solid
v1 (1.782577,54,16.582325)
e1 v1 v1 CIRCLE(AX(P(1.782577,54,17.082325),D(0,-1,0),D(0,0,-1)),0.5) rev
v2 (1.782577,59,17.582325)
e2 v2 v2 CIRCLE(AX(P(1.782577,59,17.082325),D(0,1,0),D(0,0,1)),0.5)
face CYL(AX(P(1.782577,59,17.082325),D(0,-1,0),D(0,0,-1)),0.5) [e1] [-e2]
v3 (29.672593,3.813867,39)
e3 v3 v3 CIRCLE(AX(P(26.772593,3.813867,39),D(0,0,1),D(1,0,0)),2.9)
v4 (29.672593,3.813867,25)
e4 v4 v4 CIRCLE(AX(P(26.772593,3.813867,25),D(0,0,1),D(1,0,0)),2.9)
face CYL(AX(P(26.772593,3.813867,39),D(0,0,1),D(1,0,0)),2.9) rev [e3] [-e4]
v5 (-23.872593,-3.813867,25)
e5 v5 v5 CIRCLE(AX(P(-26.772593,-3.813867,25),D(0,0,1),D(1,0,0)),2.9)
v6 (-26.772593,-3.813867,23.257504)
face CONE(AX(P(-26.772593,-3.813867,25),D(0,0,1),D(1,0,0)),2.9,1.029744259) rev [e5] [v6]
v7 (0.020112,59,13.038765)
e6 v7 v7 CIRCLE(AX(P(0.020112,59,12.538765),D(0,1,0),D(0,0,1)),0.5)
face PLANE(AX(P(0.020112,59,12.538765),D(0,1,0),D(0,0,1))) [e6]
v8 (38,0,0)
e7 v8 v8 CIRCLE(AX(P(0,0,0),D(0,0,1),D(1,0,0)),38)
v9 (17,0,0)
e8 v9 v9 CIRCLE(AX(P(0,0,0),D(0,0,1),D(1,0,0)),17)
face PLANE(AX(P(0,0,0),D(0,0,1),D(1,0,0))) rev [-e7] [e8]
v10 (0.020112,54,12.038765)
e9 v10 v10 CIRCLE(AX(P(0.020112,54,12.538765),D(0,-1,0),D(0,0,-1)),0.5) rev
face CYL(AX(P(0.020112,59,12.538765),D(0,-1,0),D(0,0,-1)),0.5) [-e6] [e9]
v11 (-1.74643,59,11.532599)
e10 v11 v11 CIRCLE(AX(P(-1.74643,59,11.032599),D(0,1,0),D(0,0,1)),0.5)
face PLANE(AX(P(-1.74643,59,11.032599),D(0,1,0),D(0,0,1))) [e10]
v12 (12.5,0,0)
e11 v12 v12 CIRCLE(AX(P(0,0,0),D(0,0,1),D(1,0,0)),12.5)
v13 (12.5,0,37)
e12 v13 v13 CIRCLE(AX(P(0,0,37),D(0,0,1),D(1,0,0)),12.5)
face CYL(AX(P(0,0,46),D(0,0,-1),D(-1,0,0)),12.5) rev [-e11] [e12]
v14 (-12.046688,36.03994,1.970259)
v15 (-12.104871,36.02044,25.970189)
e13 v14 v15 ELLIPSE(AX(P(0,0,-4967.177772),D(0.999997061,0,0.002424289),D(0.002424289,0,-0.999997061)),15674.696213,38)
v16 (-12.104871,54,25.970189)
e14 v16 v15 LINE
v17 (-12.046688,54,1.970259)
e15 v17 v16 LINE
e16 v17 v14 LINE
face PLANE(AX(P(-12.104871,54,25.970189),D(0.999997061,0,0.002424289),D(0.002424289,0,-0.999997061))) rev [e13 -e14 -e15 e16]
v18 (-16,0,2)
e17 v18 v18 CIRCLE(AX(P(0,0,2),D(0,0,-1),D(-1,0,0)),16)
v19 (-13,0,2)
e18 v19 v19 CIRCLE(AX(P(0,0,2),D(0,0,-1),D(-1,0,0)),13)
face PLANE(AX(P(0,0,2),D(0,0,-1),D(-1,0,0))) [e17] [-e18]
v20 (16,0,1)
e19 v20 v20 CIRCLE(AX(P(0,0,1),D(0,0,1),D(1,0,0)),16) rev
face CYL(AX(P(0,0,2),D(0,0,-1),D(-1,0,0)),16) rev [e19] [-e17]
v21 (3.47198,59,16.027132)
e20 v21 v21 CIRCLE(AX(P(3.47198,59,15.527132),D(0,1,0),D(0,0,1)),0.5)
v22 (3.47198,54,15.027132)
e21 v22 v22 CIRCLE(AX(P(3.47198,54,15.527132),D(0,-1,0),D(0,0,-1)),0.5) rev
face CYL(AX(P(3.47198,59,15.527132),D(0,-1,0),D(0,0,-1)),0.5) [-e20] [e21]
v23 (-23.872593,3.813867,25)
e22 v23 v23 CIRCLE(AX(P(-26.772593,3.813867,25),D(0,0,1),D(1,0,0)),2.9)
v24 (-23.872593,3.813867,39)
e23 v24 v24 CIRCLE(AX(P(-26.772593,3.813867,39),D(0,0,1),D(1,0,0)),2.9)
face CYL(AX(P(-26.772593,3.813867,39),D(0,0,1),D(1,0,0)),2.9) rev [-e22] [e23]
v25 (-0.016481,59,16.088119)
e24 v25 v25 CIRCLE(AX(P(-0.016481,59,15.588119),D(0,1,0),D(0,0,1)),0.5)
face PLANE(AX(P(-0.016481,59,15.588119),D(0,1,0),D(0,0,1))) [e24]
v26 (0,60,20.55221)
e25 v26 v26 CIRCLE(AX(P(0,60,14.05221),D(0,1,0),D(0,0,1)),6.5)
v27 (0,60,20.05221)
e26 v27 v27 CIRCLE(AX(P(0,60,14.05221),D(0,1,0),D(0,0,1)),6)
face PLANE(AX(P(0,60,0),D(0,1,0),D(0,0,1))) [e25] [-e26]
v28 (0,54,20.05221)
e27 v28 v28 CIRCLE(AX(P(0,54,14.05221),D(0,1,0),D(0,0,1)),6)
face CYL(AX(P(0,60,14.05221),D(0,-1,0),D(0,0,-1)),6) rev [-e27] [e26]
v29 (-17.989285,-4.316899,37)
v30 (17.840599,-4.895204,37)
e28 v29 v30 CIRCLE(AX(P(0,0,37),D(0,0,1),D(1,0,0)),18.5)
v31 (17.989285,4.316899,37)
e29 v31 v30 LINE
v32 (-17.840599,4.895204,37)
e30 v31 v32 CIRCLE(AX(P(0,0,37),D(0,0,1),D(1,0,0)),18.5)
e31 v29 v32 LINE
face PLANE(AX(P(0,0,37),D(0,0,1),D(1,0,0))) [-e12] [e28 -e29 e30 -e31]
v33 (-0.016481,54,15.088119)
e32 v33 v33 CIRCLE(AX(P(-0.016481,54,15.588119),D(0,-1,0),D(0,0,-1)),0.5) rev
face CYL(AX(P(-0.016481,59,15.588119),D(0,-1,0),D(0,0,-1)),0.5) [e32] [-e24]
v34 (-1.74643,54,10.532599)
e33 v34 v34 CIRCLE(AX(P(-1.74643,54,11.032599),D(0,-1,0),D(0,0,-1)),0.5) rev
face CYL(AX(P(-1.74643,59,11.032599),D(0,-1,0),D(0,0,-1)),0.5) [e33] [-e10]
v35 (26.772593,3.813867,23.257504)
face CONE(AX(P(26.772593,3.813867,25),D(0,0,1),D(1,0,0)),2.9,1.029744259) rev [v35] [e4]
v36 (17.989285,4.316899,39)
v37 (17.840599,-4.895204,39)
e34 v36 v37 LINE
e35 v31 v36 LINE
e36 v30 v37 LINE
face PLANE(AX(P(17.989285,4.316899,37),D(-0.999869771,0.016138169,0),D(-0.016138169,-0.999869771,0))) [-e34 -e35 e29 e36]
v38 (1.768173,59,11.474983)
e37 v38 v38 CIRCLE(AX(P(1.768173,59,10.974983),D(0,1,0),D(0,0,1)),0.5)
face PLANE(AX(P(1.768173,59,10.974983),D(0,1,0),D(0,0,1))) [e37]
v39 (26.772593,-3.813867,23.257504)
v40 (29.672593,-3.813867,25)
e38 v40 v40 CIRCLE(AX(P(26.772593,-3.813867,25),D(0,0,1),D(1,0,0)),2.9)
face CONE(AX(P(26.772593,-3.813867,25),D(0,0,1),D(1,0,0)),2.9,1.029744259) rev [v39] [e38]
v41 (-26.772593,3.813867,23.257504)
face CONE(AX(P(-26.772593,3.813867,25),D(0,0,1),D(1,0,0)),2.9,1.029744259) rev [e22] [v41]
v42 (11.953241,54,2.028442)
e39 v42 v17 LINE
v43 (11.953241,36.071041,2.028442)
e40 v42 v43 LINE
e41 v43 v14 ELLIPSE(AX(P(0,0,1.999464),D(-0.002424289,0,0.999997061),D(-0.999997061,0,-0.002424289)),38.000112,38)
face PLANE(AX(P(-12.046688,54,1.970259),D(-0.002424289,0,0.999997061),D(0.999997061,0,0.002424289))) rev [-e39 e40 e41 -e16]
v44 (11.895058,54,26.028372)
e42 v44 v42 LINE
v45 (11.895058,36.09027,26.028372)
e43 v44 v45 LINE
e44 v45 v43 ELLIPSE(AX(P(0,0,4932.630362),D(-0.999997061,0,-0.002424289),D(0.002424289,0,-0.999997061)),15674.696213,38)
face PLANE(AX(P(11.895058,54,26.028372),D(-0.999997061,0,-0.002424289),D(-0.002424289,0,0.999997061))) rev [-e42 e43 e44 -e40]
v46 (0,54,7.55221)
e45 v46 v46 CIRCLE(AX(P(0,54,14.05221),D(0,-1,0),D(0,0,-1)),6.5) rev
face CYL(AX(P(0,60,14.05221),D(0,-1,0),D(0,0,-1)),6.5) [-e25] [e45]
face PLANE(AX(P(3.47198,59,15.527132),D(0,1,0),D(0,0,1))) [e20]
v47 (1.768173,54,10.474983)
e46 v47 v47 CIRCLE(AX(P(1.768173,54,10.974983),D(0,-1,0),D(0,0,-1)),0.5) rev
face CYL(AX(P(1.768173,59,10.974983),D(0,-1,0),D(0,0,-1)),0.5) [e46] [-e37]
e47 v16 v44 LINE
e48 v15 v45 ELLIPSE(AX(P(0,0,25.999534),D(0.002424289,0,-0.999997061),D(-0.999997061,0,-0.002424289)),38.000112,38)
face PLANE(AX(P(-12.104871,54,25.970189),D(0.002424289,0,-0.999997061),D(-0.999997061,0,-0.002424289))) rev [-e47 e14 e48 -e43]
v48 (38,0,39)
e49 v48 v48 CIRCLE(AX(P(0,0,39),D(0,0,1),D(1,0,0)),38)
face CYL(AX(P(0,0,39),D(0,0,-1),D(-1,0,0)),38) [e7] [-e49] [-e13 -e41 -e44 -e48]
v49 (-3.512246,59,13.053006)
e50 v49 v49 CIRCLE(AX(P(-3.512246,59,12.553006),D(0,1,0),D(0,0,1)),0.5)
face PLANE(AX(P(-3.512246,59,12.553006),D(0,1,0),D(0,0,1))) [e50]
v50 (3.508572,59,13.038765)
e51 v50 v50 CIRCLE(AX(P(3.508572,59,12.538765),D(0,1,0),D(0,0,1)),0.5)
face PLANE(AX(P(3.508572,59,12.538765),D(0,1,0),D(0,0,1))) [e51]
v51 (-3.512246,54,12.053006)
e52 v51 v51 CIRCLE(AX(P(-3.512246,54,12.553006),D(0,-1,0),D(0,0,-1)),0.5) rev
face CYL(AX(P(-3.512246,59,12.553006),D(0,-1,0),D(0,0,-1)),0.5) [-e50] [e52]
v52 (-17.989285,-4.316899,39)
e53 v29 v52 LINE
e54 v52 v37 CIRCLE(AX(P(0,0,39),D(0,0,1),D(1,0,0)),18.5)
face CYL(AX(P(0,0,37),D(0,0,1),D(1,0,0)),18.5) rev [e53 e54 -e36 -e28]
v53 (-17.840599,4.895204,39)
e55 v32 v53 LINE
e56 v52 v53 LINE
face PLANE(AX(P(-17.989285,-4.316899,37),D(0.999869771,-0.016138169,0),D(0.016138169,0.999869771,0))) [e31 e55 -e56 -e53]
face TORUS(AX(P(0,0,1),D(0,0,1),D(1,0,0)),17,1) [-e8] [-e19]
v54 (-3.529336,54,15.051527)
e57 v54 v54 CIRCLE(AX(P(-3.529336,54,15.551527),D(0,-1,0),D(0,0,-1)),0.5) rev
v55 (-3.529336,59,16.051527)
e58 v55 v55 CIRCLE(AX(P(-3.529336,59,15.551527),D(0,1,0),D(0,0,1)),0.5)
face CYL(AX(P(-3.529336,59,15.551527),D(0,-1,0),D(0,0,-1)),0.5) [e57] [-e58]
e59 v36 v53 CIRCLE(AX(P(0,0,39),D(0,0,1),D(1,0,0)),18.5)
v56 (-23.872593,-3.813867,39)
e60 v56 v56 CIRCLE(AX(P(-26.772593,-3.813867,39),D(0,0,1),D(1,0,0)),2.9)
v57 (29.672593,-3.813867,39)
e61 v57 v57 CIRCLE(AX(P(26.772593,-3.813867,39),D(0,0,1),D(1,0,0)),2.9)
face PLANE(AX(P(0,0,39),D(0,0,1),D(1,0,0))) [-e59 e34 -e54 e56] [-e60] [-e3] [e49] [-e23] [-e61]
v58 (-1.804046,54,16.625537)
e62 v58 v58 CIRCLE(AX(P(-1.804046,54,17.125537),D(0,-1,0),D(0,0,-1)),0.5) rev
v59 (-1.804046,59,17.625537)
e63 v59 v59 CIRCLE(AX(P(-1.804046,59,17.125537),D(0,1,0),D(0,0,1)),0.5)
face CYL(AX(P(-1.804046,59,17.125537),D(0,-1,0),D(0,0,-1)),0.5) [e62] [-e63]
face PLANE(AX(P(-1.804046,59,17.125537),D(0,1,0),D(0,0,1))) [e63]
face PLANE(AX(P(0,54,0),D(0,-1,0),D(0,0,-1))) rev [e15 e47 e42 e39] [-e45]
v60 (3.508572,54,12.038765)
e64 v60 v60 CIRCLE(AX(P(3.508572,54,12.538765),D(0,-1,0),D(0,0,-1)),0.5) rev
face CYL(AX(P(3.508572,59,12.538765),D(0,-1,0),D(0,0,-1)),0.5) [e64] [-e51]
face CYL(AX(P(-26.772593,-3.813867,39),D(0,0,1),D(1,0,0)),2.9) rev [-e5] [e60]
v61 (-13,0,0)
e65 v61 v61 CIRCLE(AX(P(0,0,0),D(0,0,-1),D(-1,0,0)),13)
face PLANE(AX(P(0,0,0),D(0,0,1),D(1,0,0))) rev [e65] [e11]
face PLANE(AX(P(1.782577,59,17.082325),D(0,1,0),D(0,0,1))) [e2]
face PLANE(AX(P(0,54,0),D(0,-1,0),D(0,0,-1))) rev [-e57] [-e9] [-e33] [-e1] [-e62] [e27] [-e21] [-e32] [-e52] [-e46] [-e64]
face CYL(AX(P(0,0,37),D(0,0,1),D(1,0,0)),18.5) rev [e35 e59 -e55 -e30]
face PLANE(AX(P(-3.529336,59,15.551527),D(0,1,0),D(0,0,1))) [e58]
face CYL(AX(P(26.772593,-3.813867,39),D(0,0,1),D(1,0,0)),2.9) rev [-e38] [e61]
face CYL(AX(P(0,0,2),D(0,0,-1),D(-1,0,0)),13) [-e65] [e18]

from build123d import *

# Parameters (mm, degrees)
SKETCH_1_R            = 38
EXTRUDE_1_DEPTH       = 39
SKETCH_3_R            = 17.5
EXTRUDE_2_DEPTH       = 7
SKETCH_5_R            = 12
CUT_EXTRUDE_2_DEPTH   = 46
CHAMFER_2_SIZE        = 1
CHAMFER_2_SIZE2       = 0.577350269
SKETCH_6_R            = 12.5
SKETCH_6_R_2          = 12
EXTRUDE_4_DEPTH       = 1
SKETCH_7_R            = 16
SKETCH_7_R_2          = 13
CUT_EXTRUDE_5_DEPTH   = 2
FILLET_5_R            = 1
CUT_EXTRUDE_12_DEPTH  = 2
EXTRUDE_START         = 30
EXTRUDE_7_DEPTH       = 24
SKETCH_16_R           = 6.5
SKETCH_16_R_2         = 6
EXTRUDE_9_DEPTH       = 6
SKETCH_17_R           = 0.5
EXTRUDE_10_DEPTH      = 5
SKETCH_18_R           = 12.5
CUT_EXTRUDE_13_DEPTH  = 86.164546614
SKETCH_19_R           = 17.5
CUT_EXTRUDE_14_DEPTH  = 7
HOLE_WIZARD_M51_D     = 5.8
HOLE_WIZARD_M51_DEPTH = 14
HOLE_WIZARD_M51_TIP   = 1.742495795


with BuildPart() as part:
    # Эскиз1 → Бобышка-Вытянуть1 (new body)
    with BuildSketch(Plane.XY):
        Circle(SKETCH_1_R)
    extrude(amount=EXTRUDE_1_DEPTH)

    # Эскиз3 → Бобышка-Вытянуть2 (add)
    with BuildSketch(Plane.XY.offset(39)):
        Circle(SKETCH_3_R)
    extrude(amount=EXTRUDE_2_DEPTH)

    # Эскиз5 → Вырез-Вытянуть2 (cut)
    with BuildSketch(Plane.XY.offset(46)):
        Circle(SKETCH_5_R)
    extrude(amount=-CUT_EXTRUDE_2_DEPTH, mode=Mode.SUBTRACT)

    # Фаска2
    chamfer_2_edges = [part.edges().sort_by_distance(p)[0] for p in [
        (-12, 0, 46),
    ]]
    chamfer_2_side = [part.faces().sort_by_distance(p)[0] for p in [
        (-17.005025253, 0, 46),
    ]]
    chamfer(chamfer_2_edges, length=CHAMFER_2_SIZE, length2=CHAMFER_2_SIZE2, reference=chamfer_2_side[0])

    # Эскиз6 → Бобышка-Вытянуть4 (add)
    with BuildSketch(Plane(origin=(0, 0, 0), x_dir=(-1, 0, 0), z_dir=(0, 0, -1))):
        with Locations(Location((0, 0, 0), (0, 0, 180))):
            Circle(SKETCH_6_R)
        with Locations(Location((0, 0, 0), (0, 0, 180))):
            Circle(SKETCH_6_R_2, mode=Mode.SUBTRACT)
    extrude(amount=EXTRUDE_4_DEPTH)

    # Эскиз7 → Вырез-Вытянуть5 (cut)
    with BuildSketch(Plane(origin=(0, 0, 0), x_dir=(-1, 0, 0), z_dir=(0, 0, -1))):
        Circle(SKETCH_7_R)
        Circle(SKETCH_7_R_2, mode=Mode.SUBTRACT)
    extrude(amount=-CUT_EXTRUDE_5_DEPTH, mode=Mode.SUBTRACT)

    # Скругление5
    fillet_5_edges = [part.edges().sort_by_distance(p)[0] for p in [
        (16, 0, 0),
    ]]
    fillet(fillet_5_edges, radius=FILLET_5_R)

    # Эскиз8 → Вырез-Вытянуть12 (cut)
    with BuildSketch(Plane.XY.offset(39)):
        with BuildLine():
            Line((17.98928511, 4.316899492), (17.840599274, -4.895203525))
            ThreePointArc((17.840599274, -4.895203525), (-0.298556122, -18.497590769), (-17.98928511, -4.316899492))
            Line((-17.98928511, -4.316899492), (-17.840599274, 4.895203525))
            ThreePointArc((-17.840599274, 4.895203525), (0.298556122, 18.497590769), (17.98928511, 4.316899492))
        make_face()
    extrude(amount=-CUT_EXTRUDE_12_DEPTH, mode=Mode.SUBTRACT)


with BuildPart() as cut_extrude_12_piece_1:
    # of the separate pieces the step leaves, piece 1, a body of its own (cut_extrude_12_pieces)
    add(part.part.solids().sort_by_distance((-17, 0, 0))[0])

    # Эскиз10 → Бобышка-Вытянуть7 (add)
    with BuildSketch(Plane(origin=(0, 0, 0), x_dir=(1, 0, 0), z_dir=(0, 1, 0)).offset(EXTRUDE_START)):
        Polygon((-12.104871286, -25.970188702), (11.895058188, -26.028371648), (11.953241134, -2.028442174), (-12.04668834, -1.970259229), align=None)
    extrude(amount=EXTRUDE_7_DEPTH)

    # Эскиз16 → Бобышка-Вытянуть9 (add)
    with BuildSketch(Plane(origin=(0, 54, 0), x_dir=(1, 0, 0), z_dir=(0, 1, 0))):
        with Locations(Location((0, -14.052210171, 0), (0, 0, 90))):
            Circle(SKETCH_16_R)
        with Locations(Location((0, -14.052210171, 0), (0, 0, 270))):
            Circle(SKETCH_16_R_2, mode=Mode.SUBTRACT)
    extrude(amount=EXTRUDE_9_DEPTH)

    # Эскиз17 → Бобышка-Вытянуть10 (add)
    with BuildSketch(Plane(origin=(0, 54, 0), x_dir=(1, 0, 0), z_dir=(0, 1, 0))):
        with Locations(Location((-3.512245794, -12.5530062, 0), (0, 0, 90))):
            Circle(SKETCH_17_R)
        with Locations(Location((0.020111582, -12.538765356, 0), (0, 0, 90))):
            Circle(SKETCH_17_R)
        with Locations(Location((3.508572113, -12.538765356, 0), (0, 0, 90))):
            Circle(SKETCH_17_R)
        with Locations(Location((3.471979869, -15.527131894, 0), (0, 0, 90))):
            Circle(SKETCH_17_R)
        with Locations(Location((-0.016480661, -15.588118967, 0), (0, 0, 90))):
            Circle(SKETCH_17_R)
        with Locations(Location((-3.529336021, -15.551526723, 0), (0, 0, 90))):
            Circle(SKETCH_17_R)
        with Locations(Location((-1.746429893, -11.03259915, 0), (0, 0, 90))):
            Circle(SKETCH_17_R)
        with Locations(Location((1.76817255, -10.974982716, 0), (0, 0, 90))):
            Circle(SKETCH_17_R)
        with Locations(Location((1.782576658, -17.082324667, 0), (0, 0, 90))):
            Circle(SKETCH_17_R)
        with Locations(Location((-1.804046327, -17.125536992, 0), (0, 0, 90))):
            Circle(SKETCH_17_R)
    extrude(amount=EXTRUDE_10_DEPTH)


with BuildPart() as cut_extrude_12_piece_2:
    # of the separate pieces the step leaves, piece 2, a body of its own (cut_extrude_12_pieces)
    add(part.part.solids().sort_by_distance((17.5, 0, 39))[0])


with BuildPart() as cut_extrude_13_tool:
    # Эскиз18 → Вырез-Вытянуть13 (new, through all)
    with BuildSketch(Plane(origin=(0, 0, -1), x_dir=(-1, 0, 0), z_dir=(0, 0, -1))):
        with Locations(Location((0, 0, 0), (0, 0, 180))):
            Circle(SKETCH_18_R)
    extrude(amount=-CUT_EXTRUDE_13_DEPTH)


with BuildPart() as cut_extrude_12_piece_1_1:
    add(cut_extrude_12_piece_1.part)

    # Вырез-Вытянуть13: cut by cut_extrude_13_tool
    add(cut_extrude_13_tool.part, mode=Mode.SUBTRACT)

    # Отверстие с зазором M51
    with Locations(Plane(origin=(-26.772593493, 3.813867052, 39), x_dir=(1, 0, 0), z_dir=(0, 0, 1))):
        with Locations((0, 0), (0, -7.627734104), (53.545186986, 0), (53.545186986, -7.627734104)):
            Hole(HOLE_WIZARD_M51_D / 2, depth=HOLE_WIZARD_M51_DEPTH)
            with Locations((0, 0, -(HOLE_WIZARD_M51_DEPTH + HOLE_WIZARD_M51_TIP / 2))):  # 118° drill point
                Cone(0, HOLE_WIZARD_M51_D / 2, HOLE_WIZARD_M51_TIP, mode=Mode.SUBTRACT)


with BuildPart() as cut_extrude_12_piece_2_1:
    add(cut_extrude_12_piece_2.part)

    # Вырез-Вытянуть13: cut by cut_extrude_13_tool
    add(cut_extrude_13_tool.part, mode=Mode.SUBTRACT)

    # Эскиз19 → Вырез-Вытянуть14 (cut)
    with BuildSketch(Plane.XY.offset(46)):
        Circle(SKETCH_19_R)
    extrude(amount=-CUT_EXTRUDE_14_DEPTH, mode=Mode.SUBTRACT)


solid = cut_extrude_12_piece_1_1.part
